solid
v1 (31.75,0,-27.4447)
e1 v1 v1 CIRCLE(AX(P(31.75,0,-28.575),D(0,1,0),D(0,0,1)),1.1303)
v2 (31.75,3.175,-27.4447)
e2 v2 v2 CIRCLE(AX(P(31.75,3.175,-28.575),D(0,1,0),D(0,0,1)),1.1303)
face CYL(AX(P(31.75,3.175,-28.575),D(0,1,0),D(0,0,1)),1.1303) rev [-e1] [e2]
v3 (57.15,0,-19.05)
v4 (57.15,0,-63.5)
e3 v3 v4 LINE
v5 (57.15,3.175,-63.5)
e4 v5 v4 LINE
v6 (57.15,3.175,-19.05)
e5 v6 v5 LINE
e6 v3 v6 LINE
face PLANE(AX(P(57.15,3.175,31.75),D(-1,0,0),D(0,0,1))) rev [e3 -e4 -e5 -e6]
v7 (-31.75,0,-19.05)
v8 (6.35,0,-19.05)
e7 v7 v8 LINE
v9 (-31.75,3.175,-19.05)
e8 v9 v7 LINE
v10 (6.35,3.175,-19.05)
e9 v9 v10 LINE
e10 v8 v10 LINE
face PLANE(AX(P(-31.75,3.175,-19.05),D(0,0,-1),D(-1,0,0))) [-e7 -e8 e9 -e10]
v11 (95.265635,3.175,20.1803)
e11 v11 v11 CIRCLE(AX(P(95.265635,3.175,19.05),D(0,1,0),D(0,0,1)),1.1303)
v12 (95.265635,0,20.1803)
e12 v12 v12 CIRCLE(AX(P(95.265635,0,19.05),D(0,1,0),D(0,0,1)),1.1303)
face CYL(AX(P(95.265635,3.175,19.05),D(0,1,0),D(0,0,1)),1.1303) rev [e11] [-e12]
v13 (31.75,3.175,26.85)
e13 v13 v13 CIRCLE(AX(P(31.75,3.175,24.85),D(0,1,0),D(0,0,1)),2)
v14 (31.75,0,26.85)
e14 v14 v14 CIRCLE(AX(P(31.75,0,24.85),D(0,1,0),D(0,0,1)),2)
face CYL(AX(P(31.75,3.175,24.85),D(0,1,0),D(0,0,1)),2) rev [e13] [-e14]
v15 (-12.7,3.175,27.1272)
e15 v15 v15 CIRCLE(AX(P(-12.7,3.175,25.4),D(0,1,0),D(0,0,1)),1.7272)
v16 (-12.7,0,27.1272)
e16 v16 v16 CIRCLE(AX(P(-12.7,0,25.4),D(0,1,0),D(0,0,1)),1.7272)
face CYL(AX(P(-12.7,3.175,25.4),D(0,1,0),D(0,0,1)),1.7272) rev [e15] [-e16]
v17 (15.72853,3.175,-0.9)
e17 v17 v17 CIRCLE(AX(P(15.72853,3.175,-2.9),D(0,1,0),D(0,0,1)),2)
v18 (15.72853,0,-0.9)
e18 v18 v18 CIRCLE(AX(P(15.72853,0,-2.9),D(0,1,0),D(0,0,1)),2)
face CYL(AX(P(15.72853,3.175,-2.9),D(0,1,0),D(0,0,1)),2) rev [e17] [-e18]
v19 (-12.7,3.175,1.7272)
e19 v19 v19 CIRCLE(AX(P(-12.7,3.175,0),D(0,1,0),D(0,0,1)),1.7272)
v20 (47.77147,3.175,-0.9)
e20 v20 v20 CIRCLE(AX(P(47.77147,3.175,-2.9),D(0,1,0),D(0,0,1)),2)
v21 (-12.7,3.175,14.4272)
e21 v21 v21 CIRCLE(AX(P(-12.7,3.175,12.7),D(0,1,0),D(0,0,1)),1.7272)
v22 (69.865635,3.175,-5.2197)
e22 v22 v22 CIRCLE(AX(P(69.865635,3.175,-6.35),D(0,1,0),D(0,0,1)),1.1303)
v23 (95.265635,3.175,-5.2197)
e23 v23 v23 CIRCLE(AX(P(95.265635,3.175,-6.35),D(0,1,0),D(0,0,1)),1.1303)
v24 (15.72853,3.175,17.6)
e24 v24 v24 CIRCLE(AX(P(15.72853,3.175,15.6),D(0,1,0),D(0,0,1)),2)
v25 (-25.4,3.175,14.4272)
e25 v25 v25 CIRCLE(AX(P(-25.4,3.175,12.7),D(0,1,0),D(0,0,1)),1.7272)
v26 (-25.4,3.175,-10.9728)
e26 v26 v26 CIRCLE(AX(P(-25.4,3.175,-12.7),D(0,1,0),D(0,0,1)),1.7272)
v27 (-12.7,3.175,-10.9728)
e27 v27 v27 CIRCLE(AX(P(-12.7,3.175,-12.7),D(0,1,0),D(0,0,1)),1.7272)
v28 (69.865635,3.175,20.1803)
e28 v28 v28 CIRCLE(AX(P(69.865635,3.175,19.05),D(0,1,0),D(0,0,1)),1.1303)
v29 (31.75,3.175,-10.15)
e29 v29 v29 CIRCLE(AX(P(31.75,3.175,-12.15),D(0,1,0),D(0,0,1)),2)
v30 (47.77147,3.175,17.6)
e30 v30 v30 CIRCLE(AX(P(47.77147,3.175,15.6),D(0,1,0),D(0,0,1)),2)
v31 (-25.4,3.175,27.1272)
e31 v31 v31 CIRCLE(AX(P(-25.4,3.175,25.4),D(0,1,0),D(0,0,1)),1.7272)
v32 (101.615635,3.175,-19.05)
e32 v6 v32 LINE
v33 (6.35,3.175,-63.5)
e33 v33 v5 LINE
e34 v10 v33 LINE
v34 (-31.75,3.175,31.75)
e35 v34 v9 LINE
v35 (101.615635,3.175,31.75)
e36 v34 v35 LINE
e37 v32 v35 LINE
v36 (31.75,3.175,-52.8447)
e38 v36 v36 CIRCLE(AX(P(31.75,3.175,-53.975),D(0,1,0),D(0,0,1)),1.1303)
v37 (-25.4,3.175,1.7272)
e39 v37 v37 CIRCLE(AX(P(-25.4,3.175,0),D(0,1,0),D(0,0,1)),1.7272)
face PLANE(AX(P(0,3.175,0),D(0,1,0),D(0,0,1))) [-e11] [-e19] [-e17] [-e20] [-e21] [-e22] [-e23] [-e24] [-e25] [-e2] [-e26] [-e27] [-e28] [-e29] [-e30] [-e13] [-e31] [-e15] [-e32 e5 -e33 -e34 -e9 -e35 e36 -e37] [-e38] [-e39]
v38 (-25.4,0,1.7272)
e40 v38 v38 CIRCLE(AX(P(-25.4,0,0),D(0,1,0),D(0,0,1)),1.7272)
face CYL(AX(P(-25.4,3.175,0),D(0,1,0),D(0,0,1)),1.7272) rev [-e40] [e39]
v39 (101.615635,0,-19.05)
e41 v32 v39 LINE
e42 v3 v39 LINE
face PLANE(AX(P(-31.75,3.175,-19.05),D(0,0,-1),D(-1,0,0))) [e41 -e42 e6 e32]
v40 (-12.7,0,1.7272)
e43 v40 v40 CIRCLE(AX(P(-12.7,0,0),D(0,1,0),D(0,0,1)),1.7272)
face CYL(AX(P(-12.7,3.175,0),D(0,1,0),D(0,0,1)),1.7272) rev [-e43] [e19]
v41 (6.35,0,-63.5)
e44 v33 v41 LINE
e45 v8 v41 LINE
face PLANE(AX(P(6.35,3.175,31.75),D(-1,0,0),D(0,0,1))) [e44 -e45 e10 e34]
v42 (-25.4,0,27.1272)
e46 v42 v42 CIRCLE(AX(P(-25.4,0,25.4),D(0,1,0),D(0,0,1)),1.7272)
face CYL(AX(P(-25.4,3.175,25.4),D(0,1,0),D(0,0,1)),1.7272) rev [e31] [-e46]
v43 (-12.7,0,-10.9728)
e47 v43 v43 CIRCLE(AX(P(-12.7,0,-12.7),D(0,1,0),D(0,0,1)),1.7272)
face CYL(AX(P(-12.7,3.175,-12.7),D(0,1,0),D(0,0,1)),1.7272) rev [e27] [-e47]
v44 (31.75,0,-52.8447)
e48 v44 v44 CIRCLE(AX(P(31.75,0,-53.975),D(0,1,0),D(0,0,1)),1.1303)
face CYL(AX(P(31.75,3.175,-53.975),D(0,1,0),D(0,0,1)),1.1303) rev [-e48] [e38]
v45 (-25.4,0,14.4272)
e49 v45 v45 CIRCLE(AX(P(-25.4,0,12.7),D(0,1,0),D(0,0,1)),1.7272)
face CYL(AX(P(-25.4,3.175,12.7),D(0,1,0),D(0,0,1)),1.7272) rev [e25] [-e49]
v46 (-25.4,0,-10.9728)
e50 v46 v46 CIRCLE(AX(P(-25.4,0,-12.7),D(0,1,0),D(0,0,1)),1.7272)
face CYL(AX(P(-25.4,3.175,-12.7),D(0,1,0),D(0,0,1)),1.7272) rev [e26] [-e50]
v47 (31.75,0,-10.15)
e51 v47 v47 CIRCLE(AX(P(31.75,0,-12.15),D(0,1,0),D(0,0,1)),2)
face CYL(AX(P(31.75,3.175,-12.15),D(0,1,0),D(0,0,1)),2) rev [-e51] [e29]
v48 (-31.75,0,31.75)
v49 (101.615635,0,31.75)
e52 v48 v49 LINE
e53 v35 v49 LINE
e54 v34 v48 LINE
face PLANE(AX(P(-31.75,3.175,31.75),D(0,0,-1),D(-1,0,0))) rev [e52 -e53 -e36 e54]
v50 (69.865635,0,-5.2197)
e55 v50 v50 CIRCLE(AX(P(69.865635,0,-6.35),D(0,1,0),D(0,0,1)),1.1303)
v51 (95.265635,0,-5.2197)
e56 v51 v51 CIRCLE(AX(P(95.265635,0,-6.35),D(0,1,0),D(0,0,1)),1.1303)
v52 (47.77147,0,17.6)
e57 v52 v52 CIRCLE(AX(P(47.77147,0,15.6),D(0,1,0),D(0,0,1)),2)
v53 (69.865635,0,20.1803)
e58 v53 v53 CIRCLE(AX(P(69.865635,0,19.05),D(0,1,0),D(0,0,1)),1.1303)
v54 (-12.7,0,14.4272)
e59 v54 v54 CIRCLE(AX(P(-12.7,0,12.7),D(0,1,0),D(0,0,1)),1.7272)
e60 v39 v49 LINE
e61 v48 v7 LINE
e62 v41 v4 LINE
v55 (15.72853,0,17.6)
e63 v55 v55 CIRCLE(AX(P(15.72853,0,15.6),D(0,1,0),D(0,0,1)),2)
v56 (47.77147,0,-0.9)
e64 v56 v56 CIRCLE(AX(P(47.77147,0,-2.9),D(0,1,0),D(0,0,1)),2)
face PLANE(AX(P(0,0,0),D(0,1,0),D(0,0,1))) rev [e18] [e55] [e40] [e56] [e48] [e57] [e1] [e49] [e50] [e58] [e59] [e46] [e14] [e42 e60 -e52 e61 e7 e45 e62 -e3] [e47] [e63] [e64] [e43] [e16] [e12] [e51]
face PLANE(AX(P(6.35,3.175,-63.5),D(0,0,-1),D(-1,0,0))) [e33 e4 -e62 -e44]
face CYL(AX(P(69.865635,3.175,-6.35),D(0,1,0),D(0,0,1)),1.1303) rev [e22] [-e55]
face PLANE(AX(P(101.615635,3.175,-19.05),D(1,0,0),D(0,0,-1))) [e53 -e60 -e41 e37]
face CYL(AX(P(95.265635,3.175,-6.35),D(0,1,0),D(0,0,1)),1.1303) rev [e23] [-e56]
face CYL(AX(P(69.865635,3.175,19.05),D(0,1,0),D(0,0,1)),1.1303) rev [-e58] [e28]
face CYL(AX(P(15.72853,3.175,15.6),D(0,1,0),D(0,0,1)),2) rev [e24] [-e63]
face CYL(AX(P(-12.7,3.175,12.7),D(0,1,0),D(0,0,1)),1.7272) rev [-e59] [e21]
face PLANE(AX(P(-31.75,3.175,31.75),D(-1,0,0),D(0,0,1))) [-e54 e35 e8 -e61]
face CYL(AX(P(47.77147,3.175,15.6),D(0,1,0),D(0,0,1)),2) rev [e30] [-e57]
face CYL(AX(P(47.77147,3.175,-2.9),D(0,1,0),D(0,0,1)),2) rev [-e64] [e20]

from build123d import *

# Parameters (mm, degrees)
SKETCH1_W                 = 38.1
SKETCH1_H                 = 50.8
SKETCH1_W_2               = 50.8
SKETCH1_H_2               = 44.45
SKETCH1_W_3               = 6.365635467
BOSS_EXTRUDE1_DEPTH       = 3.175
TAP_DRILL_FOR_8_32_TAP1_D = 3.4544
F_4_0_4_DIAMETER_HOLE1_D  = 4
TAP_DRILL_FOR_4_40_TAP1_D = 2.2606
TAP_DRILL_FOR_4_40_TAP2_D = 2.2606


with BuildPart() as part:
    # Sketch1 → Boss-Extrude1 (new body)
    with BuildSketch(Plane(origin=(0, 0, 0), x_dir=(1, 0, 0), z_dir=(0, 1, 0))):
        with Locations((-12.7, -6.35)):
            Rectangle(SKETCH1_W, SKETCH1_H)
        with Locations((31.75, -6.35)):
            Rectangle(SKETCH1_W_2, SKETCH1_H)
        with Locations((31.75, 41.275)):
            Rectangle(SKETCH1_W_2, SKETCH1_H_2)
        with Locations((76.2, -6.35)):
            Rectangle(SKETCH1_W, SKETCH1_H)
        with Locations((98.432817734, -6.35)):
            Rectangle(SKETCH1_W_3, SKETCH1_H)
    extrude(amount=BOSS_EXTRUDE1_DEPTH)

    # Tap Drill for #8-32 Tap1 (through all)
    with Locations(Plane(origin=(-12.7, 3.175, 0), x_dir=(0, 0, 1), z_dir=(0, 1, 0))):
        with Locations((0, 0), (0, -12.7), (12.7, -12.7), (25.4, -12.7), (25.4, 0), (-12.7, 0), (-12.7, -12.7), (12.7, 0)):
            Hole(TAP_DRILL_FOR_8_32_TAP1_D / 2)

    # Ø4.0 (4) Diameter Hole1 (through all)
    with Locations(Plane(origin=(31.75, 3.175, -12.15), x_dir=(0, 0, 1), z_dir=(0, 1, 0))):
        with Locations((0, 0), (9.25, 16.02146997), (27.75, 16.02146997), (37, 0), (27.75, -16.02146997), (9.25, -16.02146997)):
            Hole(F_4_0_4_DIAMETER_HOLE1_D / 2)

    # Tap Drill for #4-40 Tap1 (through all)
    with Locations(Plane(origin=(69.865635467, 3.175, -6.35), x_dir=(0, 0, 1), z_dir=(0, 1, 0))):
        with Locations((0, 0), (0, 25.4), (25.4, 25.4), (25.4, 0)):
            Hole(TAP_DRILL_FOR_4_40_TAP1_D / 2)

    # Tap Drill for #4-40 Tap2 (through all)
    with Locations(Plane(origin=(31.75, 3.175, -53.975), x_dir=(0, 0, 1), z_dir=(0, 1, 0))):
        with Locations((0, 0), (25.4, 0)):
            Hole(TAP_DRILL_FOR_4_40_TAP2_D / 2)


solid = part.part
